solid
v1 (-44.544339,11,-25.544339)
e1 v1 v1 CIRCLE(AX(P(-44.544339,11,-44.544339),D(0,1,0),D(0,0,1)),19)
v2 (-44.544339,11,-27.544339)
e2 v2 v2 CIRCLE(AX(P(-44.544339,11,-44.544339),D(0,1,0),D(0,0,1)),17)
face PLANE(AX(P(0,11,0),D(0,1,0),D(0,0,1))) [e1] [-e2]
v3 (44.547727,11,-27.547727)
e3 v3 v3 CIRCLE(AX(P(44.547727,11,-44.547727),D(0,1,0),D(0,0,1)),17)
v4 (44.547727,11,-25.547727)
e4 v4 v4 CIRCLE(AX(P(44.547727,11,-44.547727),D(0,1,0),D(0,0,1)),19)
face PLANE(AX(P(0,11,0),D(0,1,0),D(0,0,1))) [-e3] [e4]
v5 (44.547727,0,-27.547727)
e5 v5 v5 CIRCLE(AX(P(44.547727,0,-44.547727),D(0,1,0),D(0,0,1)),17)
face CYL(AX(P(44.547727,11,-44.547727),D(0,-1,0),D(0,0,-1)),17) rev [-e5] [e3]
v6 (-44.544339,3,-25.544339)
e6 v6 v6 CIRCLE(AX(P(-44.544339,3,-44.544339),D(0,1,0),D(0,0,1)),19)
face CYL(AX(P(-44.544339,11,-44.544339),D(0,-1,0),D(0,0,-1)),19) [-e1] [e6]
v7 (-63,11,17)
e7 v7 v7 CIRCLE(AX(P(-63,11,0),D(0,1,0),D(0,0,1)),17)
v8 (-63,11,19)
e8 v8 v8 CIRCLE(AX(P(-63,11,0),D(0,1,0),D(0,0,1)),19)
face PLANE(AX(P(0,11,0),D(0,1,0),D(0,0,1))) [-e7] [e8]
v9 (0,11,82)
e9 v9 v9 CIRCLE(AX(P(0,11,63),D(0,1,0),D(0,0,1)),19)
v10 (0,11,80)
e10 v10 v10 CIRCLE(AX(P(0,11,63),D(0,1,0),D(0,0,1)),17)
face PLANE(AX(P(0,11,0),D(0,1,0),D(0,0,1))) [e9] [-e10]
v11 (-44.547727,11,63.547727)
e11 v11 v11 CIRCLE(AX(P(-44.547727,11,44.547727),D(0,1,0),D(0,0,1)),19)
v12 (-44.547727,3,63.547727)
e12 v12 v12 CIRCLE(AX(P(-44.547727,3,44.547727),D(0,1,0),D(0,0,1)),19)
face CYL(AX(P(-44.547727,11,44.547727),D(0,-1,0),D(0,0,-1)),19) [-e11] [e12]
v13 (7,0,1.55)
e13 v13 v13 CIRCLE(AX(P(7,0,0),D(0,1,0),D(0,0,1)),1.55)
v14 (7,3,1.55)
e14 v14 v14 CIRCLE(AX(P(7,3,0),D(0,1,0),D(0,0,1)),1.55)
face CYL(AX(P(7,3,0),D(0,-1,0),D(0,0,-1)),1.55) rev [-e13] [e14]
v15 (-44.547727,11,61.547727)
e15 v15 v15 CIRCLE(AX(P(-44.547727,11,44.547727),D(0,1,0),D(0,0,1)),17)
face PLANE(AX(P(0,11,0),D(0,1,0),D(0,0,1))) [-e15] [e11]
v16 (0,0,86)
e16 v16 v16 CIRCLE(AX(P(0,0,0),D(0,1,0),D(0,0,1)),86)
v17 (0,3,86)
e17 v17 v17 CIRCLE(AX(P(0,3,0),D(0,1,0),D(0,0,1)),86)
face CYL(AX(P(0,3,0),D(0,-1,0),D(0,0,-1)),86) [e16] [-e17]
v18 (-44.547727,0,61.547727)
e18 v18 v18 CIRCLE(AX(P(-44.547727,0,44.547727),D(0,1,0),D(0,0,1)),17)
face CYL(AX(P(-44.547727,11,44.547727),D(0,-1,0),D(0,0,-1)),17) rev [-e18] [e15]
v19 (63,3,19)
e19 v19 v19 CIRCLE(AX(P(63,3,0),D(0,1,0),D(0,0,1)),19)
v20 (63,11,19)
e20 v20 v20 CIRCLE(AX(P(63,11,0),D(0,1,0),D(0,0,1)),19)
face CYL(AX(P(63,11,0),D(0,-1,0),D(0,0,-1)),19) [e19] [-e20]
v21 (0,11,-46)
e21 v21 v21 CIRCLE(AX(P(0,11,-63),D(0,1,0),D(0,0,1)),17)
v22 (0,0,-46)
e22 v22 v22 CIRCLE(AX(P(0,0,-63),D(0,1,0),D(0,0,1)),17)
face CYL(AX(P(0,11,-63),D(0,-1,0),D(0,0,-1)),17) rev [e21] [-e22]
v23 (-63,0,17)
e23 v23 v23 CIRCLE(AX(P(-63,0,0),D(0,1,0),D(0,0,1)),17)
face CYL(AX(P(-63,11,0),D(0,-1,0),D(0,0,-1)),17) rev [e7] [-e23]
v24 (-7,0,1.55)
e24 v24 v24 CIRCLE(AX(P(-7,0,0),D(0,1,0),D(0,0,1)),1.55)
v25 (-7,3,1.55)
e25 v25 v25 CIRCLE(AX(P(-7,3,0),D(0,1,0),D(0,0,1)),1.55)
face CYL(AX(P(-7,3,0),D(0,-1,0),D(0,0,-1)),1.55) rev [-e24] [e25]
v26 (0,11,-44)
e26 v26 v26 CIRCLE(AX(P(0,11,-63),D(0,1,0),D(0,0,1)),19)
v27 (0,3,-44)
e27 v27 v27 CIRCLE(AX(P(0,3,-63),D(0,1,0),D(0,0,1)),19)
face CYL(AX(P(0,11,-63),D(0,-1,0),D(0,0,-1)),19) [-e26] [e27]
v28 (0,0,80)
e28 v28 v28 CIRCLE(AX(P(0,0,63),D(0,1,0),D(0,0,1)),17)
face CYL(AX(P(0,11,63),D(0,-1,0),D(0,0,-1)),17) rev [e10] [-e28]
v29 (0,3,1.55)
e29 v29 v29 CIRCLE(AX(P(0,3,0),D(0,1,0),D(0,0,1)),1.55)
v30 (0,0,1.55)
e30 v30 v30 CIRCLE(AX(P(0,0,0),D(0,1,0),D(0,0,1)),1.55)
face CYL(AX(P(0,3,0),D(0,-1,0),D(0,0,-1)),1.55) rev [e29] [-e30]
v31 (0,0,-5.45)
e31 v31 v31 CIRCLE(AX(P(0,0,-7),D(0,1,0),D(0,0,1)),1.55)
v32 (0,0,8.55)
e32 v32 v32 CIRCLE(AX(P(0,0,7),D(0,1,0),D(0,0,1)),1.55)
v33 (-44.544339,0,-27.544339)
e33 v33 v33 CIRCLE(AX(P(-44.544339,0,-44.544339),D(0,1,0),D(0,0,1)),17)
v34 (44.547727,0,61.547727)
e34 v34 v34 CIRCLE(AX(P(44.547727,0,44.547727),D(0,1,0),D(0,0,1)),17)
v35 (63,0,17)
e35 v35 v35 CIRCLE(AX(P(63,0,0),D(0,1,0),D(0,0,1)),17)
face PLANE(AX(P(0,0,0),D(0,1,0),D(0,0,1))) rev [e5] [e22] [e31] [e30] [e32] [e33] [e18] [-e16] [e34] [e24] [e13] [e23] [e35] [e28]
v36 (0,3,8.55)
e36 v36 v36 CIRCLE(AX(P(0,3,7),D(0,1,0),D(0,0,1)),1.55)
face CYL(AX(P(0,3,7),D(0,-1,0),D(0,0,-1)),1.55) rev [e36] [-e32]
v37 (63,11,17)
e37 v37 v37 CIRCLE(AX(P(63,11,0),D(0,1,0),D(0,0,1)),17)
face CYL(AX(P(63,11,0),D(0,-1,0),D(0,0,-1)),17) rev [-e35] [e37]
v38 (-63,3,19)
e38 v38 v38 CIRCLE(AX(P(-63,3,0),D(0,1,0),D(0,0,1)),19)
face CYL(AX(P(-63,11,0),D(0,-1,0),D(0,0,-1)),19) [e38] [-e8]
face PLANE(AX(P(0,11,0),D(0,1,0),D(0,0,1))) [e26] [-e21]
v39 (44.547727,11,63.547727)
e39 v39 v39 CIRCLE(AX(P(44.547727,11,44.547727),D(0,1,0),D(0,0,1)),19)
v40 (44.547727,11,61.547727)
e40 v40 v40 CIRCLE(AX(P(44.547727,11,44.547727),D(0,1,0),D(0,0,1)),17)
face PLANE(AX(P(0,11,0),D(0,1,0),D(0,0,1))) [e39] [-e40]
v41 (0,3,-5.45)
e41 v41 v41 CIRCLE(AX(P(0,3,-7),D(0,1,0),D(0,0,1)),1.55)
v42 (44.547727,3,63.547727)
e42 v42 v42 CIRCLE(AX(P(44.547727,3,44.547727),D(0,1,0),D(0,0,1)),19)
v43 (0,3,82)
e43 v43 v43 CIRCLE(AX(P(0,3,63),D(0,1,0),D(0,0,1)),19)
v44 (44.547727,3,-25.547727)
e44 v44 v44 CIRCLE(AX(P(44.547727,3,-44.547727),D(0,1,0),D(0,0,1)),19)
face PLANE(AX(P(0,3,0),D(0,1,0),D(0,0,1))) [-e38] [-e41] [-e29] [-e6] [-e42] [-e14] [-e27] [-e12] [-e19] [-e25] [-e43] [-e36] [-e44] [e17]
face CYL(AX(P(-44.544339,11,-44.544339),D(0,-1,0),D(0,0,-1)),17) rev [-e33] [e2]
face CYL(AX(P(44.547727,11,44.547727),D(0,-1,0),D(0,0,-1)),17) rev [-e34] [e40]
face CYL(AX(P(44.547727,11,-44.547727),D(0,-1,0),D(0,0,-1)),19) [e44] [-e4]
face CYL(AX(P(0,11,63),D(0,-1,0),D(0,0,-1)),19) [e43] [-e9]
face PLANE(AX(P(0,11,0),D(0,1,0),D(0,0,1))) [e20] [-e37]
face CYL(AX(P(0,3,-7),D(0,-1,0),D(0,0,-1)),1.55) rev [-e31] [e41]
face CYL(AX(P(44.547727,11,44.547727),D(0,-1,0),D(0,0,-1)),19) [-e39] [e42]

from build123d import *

# Parameters (mm, degrees)
SKETCH_1_R        = 19
SKETCH_1_R_2      = 17
EXTRUDE_2_DEPTH   = 11
EXTRUDE_2_2_DEPTH = 11
EXTRUDE_2_3_DEPTH = 11
EXTRUDE_2_4_DEPTH = 11
EXTRUDE_2_5_DEPTH = 11
EXTRUDE_2_6_DEPTH = 11
EXTRUDE_2_7_DEPTH = 11
EXTRUDE_2_8_DEPTH = 11
SKETCH_1_8_R      = 86
SKETCH_1_8_R_2    = 19
SKETCH_1_8_R_3    = 1.55
EXTRUDE_3_DEPTH   = 3


with BuildPart() as part:
    # 草图1 → 凸台-拉伸2 (new body)
    with BuildSketch(Plane(origin=(0, 0, 0), x_dir=(1, 0, 0), z_dir=(0, 1, 0))):
        with Locations((-44.544339366, 44.544339366)):
            Circle(SKETCH_1_R)
        with Locations((-44.544339366, 44.544339366)):
            Circle(SKETCH_1_R_2, mode=Mode.SUBTRACT)
    extrude(amount=EXTRUDE_2_DEPTH)



with BuildPart() as body_2:
    # 草图1 → Extrude 2 2 (new body)
    with BuildSketch(Plane(origin=(0, 0, 0), x_dir=(1, 0, 0), z_dir=(0, 1, 0))):
        with Locations((0, 63)):
            Circle(SKETCH_1_R)
        with Locations((0, 63)):
            Circle(SKETCH_1_R_2, mode=Mode.SUBTRACT)
    extrude(amount=EXTRUDE_2_2_DEPTH)


with BuildPart() as body_3:
    # 草图1 → Extrude 2 3 (new body)
    with BuildSketch(Plane(origin=(0, 0, 0), x_dir=(1, 0, 0), z_dir=(0, 1, 0))):
        with Locations((44.547727215, 44.547727215)):
            Circle(SKETCH_1_R)
        with Locations((44.547727215, 44.547727215)):
            Circle(SKETCH_1_R_2, mode=Mode.SUBTRACT)
    extrude(amount=EXTRUDE_2_3_DEPTH)


with BuildPart() as body_4:
    # 草图1 → Extrude 2 4 (new body)
    with BuildSketch(Plane(origin=(0, 0, 0), x_dir=(1, 0, 0), z_dir=(0, 1, 0))):
        with Locations((63, 0)):
            Circle(SKETCH_1_R)
        with Locations((63, 0)):
            Circle(SKETCH_1_R_2, mode=Mode.SUBTRACT)
    extrude(amount=EXTRUDE_2_4_DEPTH)


with BuildPart() as body_5:
    # 草图1 → Extrude 2 5 (new body)
    with BuildSketch(Plane(origin=(0, 0, 0), x_dir=(1, 0, 0), z_dir=(0, 1, 0))):
        with Locations((44.547727215, -44.547727215)):
            Circle(SKETCH_1_R)
        with Locations((44.547727215, -44.547727215)):
            Circle(SKETCH_1_R_2, mode=Mode.SUBTRACT)
    extrude(amount=EXTRUDE_2_5_DEPTH)


with BuildPart() as body_6:
    # 草图1 → Extrude 2 6 (new body)
    with BuildSketch(Plane(origin=(0, 0, 0), x_dir=(1, 0, 0), z_dir=(0, 1, 0))):
        with Locations((0, -63)):
            Circle(SKETCH_1_R)
        with Locations((0, -63)):
            Circle(SKETCH_1_R_2, mode=Mode.SUBTRACT)
    extrude(amount=EXTRUDE_2_6_DEPTH)


with BuildPart() as body_7:
    # 草图1 → Extrude 2 7 (new body)
    with BuildSketch(Plane(origin=(0, 0, 0), x_dir=(1, 0, 0), z_dir=(0, 1, 0))):
        with Locations((-44.547727215, -44.547727215)):
            Circle(SKETCH_1_R)
        with Locations((-44.547727215, -44.547727215)):
            Circle(SKETCH_1_R_2, mode=Mode.SUBTRACT)
    extrude(amount=EXTRUDE_2_7_DEPTH)


with BuildPart() as body_8:
    # 草图1 → Extrude 2 8 (new body)
    with BuildSketch(Plane(origin=(0, 0, 0), x_dir=(1, 0, 0), z_dir=(0, 1, 0))):
        with Locations((-63, 0)):
            Circle(SKETCH_1_R)
        with Locations((-63, 0)):
            Circle(SKETCH_1_R_2, mode=Mode.SUBTRACT)
    extrude(amount=EXTRUDE_2_8_DEPTH)


with BuildPart() as part_1:
    add(part.part)

    add(body_2.part)  # 凸台-拉伸3 merges body 2

    add(body_3.part)  # 凸台-拉伸3 merges body 3

    add(body_4.part)  # 凸台-拉伸3 merges body 4

    add(body_5.part)  # 凸台-拉伸3 merges body 5

    add(body_6.part)  # 凸台-拉伸3 merges body 6

    add(body_7.part)  # 凸台-拉伸3 merges body 7

    add(body_8.part)  # 凸台-拉伸3 merges body 8
    # 草图1<8> → 凸台-拉伸3 (add)
    with BuildSketch(Plane(origin=(0, 0, 0), x_dir=(1, 0, 0), z_dir=(0, 1, 0))):
        Circle(SKETCH_1_8_R)
        with Locations((-44.547727215, -44.547727215)):
            Circle(SKETCH_1_8_R_2, mode=Mode.SUBTRACT)
        with Locations((0, -63)):
            Circle(SKETCH_1_8_R_2, mode=Mode.SUBTRACT)
        with Locations((44.547727215, -44.547727215)):
            Circle(SKETCH_1_8_R_2, mode=Mode.SUBTRACT)
        with Locations((0, -7)):
            Circle(SKETCH_1_8_R_3, mode=Mode.SUBTRACT)
        with Locations((-63, 0)):
            Circle(SKETCH_1_8_R_2, mode=Mode.SUBTRACT)
        with Locations((-7, 0)):
            Circle(SKETCH_1_8_R_3, mode=Mode.SUBTRACT)
        with Locations((-44.544339366, 44.544339366)):
            Circle(SKETCH_1_8_R_2, mode=Mode.SUBTRACT)
        Circle(SKETCH_1_8_R_3, mode=Mode.SUBTRACT)
        with Locations((7, 0)):
            Circle(SKETCH_1_8_R_3, mode=Mode.SUBTRACT)
        with Locations((0, 7)):
            Circle(SKETCH_1_8_R_3, mode=Mode.SUBTRACT)
        with Locations((63, 0)):
            Circle(SKETCH_1_8_R_2, mode=Mode.SUBTRACT)
        with Locations((0, 63)):
            Circle(SKETCH_1_8_R_2, mode=Mode.SUBTRACT)
        with Locations((44.547727215, 44.547727215)):
            Circle(SKETCH_1_8_R_2, mode=Mode.SUBTRACT)
    extrude(amount=EXTRUDE_3_DEPTH)


solid = part_1.part
